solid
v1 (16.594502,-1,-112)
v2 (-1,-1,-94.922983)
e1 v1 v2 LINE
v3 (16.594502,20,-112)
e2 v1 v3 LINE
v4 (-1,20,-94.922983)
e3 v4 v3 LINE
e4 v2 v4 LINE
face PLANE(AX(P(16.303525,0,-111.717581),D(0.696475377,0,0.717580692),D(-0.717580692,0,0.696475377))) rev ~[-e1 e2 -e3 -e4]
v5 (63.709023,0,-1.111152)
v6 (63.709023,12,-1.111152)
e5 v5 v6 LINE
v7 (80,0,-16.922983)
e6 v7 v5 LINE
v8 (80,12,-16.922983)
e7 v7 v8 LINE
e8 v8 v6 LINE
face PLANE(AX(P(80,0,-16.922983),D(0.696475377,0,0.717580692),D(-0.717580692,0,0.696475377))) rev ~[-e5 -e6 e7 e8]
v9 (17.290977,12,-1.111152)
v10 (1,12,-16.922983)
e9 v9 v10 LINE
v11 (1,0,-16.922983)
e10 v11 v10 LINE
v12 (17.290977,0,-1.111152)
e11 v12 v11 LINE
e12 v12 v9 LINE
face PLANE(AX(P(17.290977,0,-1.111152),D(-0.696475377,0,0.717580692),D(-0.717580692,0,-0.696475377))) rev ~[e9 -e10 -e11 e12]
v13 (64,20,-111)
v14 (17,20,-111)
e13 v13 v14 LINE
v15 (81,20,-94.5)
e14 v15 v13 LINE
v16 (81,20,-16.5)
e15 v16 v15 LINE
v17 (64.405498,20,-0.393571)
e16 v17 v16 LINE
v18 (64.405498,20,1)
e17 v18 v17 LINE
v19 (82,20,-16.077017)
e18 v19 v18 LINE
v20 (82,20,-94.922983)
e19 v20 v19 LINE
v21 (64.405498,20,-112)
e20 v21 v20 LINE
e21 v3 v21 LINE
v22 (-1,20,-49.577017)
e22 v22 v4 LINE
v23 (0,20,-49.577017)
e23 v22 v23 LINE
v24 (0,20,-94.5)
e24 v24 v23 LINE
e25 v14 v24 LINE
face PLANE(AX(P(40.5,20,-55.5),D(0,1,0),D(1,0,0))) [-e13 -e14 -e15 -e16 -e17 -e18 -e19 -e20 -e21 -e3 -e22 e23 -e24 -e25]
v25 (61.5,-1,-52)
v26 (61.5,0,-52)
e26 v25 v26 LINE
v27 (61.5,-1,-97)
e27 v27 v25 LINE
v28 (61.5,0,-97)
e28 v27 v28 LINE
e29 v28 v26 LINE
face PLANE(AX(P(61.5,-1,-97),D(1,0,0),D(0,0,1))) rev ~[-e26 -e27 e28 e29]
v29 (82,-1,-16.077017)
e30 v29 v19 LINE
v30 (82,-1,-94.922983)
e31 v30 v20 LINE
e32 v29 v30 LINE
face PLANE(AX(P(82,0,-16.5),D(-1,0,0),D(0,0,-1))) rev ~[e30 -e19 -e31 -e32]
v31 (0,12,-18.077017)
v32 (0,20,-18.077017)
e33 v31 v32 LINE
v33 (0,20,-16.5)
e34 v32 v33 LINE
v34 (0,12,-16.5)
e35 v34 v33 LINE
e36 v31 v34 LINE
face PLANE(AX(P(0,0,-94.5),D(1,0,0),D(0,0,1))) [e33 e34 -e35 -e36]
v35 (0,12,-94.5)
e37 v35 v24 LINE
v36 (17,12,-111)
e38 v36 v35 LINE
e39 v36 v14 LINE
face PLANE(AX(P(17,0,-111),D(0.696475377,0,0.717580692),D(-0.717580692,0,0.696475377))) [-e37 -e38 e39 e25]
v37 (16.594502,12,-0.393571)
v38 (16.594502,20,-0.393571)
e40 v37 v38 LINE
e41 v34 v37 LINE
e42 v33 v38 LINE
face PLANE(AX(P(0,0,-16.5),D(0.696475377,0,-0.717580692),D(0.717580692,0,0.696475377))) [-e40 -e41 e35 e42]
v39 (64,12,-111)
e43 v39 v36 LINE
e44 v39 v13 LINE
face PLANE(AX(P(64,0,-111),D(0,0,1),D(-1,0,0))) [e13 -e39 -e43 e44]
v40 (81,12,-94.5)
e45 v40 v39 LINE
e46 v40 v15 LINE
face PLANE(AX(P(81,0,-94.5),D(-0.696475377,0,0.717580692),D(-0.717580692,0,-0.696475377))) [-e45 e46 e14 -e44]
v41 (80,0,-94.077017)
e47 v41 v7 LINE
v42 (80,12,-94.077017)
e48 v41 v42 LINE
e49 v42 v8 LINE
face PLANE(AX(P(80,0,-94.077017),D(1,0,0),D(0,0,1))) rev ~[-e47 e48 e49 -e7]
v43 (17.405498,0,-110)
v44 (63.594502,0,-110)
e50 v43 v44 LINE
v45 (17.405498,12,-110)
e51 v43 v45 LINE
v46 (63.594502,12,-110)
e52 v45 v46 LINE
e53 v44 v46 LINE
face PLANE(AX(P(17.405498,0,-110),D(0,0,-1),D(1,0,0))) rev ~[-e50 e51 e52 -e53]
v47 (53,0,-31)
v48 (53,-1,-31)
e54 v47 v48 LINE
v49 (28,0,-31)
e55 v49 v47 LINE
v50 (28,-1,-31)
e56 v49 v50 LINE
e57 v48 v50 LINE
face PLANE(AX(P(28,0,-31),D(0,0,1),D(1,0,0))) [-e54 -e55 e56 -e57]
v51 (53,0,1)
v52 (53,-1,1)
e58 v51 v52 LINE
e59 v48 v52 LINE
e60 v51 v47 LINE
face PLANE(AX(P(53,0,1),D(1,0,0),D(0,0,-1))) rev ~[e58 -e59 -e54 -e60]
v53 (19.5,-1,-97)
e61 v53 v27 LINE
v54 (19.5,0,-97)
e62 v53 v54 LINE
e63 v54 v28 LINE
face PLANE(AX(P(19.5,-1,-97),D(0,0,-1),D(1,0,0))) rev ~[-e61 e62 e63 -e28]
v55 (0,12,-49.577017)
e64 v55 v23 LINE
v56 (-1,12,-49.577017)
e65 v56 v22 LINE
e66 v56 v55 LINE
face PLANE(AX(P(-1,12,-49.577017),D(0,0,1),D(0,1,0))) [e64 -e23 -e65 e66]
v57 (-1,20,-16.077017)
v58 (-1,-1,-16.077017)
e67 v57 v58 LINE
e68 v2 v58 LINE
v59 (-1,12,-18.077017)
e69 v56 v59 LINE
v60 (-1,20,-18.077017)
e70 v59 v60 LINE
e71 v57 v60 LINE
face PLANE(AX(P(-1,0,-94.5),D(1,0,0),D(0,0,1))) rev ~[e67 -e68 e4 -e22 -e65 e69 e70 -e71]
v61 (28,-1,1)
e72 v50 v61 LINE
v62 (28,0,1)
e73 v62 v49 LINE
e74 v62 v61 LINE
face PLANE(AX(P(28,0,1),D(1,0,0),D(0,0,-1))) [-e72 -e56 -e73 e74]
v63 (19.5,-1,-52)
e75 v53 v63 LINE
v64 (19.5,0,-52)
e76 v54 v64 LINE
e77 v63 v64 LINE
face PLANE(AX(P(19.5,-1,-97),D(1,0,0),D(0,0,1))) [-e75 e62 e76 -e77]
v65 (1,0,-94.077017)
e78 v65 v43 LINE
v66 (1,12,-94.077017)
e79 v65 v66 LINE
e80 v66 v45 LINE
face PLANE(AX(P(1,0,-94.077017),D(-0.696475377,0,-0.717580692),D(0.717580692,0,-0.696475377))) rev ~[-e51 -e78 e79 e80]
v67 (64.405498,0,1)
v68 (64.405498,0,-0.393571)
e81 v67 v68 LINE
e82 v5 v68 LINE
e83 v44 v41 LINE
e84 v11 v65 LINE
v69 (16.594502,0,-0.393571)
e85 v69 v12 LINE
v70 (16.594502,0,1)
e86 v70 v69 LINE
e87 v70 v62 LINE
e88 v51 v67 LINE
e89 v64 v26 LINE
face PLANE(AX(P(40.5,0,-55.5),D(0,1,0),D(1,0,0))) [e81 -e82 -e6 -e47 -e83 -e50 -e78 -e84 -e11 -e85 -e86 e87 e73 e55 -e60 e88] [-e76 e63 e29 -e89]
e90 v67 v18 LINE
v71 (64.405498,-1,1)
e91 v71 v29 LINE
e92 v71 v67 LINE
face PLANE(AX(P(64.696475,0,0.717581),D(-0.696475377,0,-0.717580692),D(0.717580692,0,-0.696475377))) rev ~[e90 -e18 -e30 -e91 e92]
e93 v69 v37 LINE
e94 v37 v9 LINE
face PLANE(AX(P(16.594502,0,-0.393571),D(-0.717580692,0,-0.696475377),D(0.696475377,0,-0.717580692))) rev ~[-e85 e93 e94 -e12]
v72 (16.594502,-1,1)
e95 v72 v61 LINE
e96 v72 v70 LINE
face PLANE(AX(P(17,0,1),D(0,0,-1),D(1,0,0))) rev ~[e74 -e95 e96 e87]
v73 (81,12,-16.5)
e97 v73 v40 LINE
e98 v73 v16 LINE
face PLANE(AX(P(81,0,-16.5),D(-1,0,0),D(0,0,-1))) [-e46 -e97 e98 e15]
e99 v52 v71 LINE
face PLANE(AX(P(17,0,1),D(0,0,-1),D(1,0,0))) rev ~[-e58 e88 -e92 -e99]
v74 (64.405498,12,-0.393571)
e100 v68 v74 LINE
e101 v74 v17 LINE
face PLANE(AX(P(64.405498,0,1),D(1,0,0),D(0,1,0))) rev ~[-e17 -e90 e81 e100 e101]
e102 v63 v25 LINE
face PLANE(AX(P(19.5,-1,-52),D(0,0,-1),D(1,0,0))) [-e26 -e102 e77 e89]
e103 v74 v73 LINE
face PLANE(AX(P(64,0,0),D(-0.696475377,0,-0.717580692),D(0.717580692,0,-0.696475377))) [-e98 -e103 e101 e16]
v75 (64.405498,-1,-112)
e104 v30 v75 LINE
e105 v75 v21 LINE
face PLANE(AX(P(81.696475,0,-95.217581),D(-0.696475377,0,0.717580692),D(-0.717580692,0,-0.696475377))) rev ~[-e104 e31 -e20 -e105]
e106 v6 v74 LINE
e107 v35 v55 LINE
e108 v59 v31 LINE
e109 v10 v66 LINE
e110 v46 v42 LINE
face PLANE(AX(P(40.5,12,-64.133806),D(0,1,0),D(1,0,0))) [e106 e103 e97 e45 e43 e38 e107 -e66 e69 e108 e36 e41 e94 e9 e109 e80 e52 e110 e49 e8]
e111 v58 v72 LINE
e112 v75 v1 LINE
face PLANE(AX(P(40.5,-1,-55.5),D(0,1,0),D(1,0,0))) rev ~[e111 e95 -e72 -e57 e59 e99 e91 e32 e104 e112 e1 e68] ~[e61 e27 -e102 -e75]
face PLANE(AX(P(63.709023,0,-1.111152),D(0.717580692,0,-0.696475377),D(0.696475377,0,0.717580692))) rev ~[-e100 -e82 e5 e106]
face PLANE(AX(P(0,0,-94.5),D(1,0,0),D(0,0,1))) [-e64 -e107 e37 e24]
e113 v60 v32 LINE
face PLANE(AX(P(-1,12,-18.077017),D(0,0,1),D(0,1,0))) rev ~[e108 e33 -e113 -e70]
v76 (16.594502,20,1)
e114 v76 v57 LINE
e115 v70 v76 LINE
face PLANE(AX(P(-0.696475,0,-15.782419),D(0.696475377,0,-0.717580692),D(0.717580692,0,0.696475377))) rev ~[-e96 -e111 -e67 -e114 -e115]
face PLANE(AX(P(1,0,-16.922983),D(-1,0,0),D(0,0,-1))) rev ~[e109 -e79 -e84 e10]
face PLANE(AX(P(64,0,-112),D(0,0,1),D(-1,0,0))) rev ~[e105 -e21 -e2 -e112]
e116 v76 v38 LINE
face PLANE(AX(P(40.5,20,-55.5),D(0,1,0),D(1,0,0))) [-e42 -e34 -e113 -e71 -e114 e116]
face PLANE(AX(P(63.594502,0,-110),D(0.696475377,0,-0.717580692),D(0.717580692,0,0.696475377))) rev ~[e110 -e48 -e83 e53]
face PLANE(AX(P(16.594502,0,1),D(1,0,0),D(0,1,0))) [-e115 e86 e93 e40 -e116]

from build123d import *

# Parameters (mm, degrees)
SALIENTE_EXTRUIR1_DEPTH = 20
VACIADO1_T              = 1
CORTAR_EXTRUIR1_REACH   = 143.043
CROQUIS2_W              = 47.810995816
CROQUIS2_H              = 20
CORTAR_EXTRUIR7_REACH   = 142.243
CROQUIS10_W             = 25
CROQUIS10_H             = 32
CORTAR_EXTRUIR8_REACH   = 142.83
CROQUIS11_W             = 31.5
CROQUIS11_H             = 8
SALIENTE_EXTRUIR2_DEPTH = 12
CORTAR_EXTRUIR9_REACH   = 142.389
CROQUIS13_W             = 42
CROQUIS13_H             = 45


with BuildPart() as part:
    # Croquis1 → Saliente-Extruir1 (new body)
    with BuildSketch(Plane(origin=(0, 0, 0), x_dir=(1, 0, 0), z_dir=(0, 1, 0))):
        Polygon((0, 16.5), (17, 0), (64, 0), (81, 16.5), (81, 94.5), (64, 111), (17, 111), (0, 94.5), align=None)
    extrude(amount=SALIENTE_EXTRUIR1_DEPTH)

    # Vaciado1
    vaciado1_openings = [part.faces().sort_by_distance(p)[0] for p in [
        (40.5, 20, -55.5),
    ]]
    offset(amount=VACIADO1_T, openings=vaciado1_openings, kind=Kind.INTERSECTION)

    # Croquis2 → Cortar-Extruir1 (cut, up to next)
    with BuildSketch(Plane.XY.offset(1), mode=Mode.PRIVATE) as cortar_extruir1_sk1:
        with Locations((40.5, 10)):
            Rectangle(CROQUIS2_W, CROQUIS2_H)
    cortar_extruir1_tool1 = extrude(cortar_extruir1_sk1.sketch, amount=-CORTAR_EXTRUIR1_REACH, mode=Mode.PRIVATE) & part.part
    add(cortar_extruir1_tool1.solids().sort_by_distance((40.5, 10, 1))[0], mode=Mode.SUBTRACT)

    # Croquis10 → Cortar-Extruir7 (cut, up to next)
    with BuildSketch(Plane(origin=(0, 0, 0), x_dir=(1, 0, 0), z_dir=(0, 1, 0)), mode=Mode.PRIVATE) as cortar_extruir7_sk1:
        with Locations((40.5, 15)):
            Rectangle(CROQUIS10_W, CROQUIS10_H)
    cortar_extruir7_tool1 = extrude(cortar_extruir7_sk1.sketch, amount=-CORTAR_EXTRUIR7_REACH, mode=Mode.PRIVATE) & part.part
    add(cortar_extruir7_tool1.solids().sort_by_distance((40.5, 0, -15))[0], mode=Mode.SUBTRACT)

    # Croquis11 → Cortar-Extruir8 (cut, up to next)
    with BuildSketch(Plane.ZY.offset(1), mode=Mode.PRIVATE) as cortar_extruir8_sk1:
        with Locations((-33.827016736, 16)):
            Rectangle(CROQUIS11_W, CROQUIS11_H)
    cortar_extruir8_tool1 = extrude(cortar_extruir8_sk1.sketch, amount=-CORTAR_EXTRUIR8_REACH, mode=Mode.PRIVATE) & part.part
    add(cortar_extruir8_tool1.solids().sort_by_distance((-1, 16, -33.827017))[0], mode=Mode.SUBTRACT)

    # Croquis12 → Saliente-Extruir2 (add)
    with BuildSketch(Plane(origin=(0, 0, 0), x_dir=(1, 0, 0), z_dir=(0, 1, 0))):
        Polygon((16.594502092, 0.393571499), (17.290977469, 1.111152191), (1, 16.922983264), (1, 94.077016736), (17.405497908, 110), (63.594502092, 110), (80, 94.077016736), (80, 16.922983264), (63.709022531, 1.111152191), (64.405497908, 0.393571499), (81, 16.5), (81, 94.5), (64, 111), (17, 111), (0, 94.5), (0, 16.5), align=None)
    extrude(amount=SALIENTE_EXTRUIR2_DEPTH)

    # Croquis13 → Cortar-Extruir9 (cut, up to next)
    with BuildSketch(Plane.XZ.offset(1), mode=Mode.PRIVATE) as cortar_extruir9_sk1:
        with Locations((40.5, -74.5)):
            Rectangle(CROQUIS13_W, CROQUIS13_H)
    cortar_extruir9_tool1 = extrude(cortar_extruir9_sk1.sketch, amount=-CORTAR_EXTRUIR9_REACH, mode=Mode.PRIVATE) & part.part
    add(cortar_extruir9_tool1.solids().sort_by_distance((40.5, -1, -74.5))[0], mode=Mode.SUBTRACT)


solid = part.part
